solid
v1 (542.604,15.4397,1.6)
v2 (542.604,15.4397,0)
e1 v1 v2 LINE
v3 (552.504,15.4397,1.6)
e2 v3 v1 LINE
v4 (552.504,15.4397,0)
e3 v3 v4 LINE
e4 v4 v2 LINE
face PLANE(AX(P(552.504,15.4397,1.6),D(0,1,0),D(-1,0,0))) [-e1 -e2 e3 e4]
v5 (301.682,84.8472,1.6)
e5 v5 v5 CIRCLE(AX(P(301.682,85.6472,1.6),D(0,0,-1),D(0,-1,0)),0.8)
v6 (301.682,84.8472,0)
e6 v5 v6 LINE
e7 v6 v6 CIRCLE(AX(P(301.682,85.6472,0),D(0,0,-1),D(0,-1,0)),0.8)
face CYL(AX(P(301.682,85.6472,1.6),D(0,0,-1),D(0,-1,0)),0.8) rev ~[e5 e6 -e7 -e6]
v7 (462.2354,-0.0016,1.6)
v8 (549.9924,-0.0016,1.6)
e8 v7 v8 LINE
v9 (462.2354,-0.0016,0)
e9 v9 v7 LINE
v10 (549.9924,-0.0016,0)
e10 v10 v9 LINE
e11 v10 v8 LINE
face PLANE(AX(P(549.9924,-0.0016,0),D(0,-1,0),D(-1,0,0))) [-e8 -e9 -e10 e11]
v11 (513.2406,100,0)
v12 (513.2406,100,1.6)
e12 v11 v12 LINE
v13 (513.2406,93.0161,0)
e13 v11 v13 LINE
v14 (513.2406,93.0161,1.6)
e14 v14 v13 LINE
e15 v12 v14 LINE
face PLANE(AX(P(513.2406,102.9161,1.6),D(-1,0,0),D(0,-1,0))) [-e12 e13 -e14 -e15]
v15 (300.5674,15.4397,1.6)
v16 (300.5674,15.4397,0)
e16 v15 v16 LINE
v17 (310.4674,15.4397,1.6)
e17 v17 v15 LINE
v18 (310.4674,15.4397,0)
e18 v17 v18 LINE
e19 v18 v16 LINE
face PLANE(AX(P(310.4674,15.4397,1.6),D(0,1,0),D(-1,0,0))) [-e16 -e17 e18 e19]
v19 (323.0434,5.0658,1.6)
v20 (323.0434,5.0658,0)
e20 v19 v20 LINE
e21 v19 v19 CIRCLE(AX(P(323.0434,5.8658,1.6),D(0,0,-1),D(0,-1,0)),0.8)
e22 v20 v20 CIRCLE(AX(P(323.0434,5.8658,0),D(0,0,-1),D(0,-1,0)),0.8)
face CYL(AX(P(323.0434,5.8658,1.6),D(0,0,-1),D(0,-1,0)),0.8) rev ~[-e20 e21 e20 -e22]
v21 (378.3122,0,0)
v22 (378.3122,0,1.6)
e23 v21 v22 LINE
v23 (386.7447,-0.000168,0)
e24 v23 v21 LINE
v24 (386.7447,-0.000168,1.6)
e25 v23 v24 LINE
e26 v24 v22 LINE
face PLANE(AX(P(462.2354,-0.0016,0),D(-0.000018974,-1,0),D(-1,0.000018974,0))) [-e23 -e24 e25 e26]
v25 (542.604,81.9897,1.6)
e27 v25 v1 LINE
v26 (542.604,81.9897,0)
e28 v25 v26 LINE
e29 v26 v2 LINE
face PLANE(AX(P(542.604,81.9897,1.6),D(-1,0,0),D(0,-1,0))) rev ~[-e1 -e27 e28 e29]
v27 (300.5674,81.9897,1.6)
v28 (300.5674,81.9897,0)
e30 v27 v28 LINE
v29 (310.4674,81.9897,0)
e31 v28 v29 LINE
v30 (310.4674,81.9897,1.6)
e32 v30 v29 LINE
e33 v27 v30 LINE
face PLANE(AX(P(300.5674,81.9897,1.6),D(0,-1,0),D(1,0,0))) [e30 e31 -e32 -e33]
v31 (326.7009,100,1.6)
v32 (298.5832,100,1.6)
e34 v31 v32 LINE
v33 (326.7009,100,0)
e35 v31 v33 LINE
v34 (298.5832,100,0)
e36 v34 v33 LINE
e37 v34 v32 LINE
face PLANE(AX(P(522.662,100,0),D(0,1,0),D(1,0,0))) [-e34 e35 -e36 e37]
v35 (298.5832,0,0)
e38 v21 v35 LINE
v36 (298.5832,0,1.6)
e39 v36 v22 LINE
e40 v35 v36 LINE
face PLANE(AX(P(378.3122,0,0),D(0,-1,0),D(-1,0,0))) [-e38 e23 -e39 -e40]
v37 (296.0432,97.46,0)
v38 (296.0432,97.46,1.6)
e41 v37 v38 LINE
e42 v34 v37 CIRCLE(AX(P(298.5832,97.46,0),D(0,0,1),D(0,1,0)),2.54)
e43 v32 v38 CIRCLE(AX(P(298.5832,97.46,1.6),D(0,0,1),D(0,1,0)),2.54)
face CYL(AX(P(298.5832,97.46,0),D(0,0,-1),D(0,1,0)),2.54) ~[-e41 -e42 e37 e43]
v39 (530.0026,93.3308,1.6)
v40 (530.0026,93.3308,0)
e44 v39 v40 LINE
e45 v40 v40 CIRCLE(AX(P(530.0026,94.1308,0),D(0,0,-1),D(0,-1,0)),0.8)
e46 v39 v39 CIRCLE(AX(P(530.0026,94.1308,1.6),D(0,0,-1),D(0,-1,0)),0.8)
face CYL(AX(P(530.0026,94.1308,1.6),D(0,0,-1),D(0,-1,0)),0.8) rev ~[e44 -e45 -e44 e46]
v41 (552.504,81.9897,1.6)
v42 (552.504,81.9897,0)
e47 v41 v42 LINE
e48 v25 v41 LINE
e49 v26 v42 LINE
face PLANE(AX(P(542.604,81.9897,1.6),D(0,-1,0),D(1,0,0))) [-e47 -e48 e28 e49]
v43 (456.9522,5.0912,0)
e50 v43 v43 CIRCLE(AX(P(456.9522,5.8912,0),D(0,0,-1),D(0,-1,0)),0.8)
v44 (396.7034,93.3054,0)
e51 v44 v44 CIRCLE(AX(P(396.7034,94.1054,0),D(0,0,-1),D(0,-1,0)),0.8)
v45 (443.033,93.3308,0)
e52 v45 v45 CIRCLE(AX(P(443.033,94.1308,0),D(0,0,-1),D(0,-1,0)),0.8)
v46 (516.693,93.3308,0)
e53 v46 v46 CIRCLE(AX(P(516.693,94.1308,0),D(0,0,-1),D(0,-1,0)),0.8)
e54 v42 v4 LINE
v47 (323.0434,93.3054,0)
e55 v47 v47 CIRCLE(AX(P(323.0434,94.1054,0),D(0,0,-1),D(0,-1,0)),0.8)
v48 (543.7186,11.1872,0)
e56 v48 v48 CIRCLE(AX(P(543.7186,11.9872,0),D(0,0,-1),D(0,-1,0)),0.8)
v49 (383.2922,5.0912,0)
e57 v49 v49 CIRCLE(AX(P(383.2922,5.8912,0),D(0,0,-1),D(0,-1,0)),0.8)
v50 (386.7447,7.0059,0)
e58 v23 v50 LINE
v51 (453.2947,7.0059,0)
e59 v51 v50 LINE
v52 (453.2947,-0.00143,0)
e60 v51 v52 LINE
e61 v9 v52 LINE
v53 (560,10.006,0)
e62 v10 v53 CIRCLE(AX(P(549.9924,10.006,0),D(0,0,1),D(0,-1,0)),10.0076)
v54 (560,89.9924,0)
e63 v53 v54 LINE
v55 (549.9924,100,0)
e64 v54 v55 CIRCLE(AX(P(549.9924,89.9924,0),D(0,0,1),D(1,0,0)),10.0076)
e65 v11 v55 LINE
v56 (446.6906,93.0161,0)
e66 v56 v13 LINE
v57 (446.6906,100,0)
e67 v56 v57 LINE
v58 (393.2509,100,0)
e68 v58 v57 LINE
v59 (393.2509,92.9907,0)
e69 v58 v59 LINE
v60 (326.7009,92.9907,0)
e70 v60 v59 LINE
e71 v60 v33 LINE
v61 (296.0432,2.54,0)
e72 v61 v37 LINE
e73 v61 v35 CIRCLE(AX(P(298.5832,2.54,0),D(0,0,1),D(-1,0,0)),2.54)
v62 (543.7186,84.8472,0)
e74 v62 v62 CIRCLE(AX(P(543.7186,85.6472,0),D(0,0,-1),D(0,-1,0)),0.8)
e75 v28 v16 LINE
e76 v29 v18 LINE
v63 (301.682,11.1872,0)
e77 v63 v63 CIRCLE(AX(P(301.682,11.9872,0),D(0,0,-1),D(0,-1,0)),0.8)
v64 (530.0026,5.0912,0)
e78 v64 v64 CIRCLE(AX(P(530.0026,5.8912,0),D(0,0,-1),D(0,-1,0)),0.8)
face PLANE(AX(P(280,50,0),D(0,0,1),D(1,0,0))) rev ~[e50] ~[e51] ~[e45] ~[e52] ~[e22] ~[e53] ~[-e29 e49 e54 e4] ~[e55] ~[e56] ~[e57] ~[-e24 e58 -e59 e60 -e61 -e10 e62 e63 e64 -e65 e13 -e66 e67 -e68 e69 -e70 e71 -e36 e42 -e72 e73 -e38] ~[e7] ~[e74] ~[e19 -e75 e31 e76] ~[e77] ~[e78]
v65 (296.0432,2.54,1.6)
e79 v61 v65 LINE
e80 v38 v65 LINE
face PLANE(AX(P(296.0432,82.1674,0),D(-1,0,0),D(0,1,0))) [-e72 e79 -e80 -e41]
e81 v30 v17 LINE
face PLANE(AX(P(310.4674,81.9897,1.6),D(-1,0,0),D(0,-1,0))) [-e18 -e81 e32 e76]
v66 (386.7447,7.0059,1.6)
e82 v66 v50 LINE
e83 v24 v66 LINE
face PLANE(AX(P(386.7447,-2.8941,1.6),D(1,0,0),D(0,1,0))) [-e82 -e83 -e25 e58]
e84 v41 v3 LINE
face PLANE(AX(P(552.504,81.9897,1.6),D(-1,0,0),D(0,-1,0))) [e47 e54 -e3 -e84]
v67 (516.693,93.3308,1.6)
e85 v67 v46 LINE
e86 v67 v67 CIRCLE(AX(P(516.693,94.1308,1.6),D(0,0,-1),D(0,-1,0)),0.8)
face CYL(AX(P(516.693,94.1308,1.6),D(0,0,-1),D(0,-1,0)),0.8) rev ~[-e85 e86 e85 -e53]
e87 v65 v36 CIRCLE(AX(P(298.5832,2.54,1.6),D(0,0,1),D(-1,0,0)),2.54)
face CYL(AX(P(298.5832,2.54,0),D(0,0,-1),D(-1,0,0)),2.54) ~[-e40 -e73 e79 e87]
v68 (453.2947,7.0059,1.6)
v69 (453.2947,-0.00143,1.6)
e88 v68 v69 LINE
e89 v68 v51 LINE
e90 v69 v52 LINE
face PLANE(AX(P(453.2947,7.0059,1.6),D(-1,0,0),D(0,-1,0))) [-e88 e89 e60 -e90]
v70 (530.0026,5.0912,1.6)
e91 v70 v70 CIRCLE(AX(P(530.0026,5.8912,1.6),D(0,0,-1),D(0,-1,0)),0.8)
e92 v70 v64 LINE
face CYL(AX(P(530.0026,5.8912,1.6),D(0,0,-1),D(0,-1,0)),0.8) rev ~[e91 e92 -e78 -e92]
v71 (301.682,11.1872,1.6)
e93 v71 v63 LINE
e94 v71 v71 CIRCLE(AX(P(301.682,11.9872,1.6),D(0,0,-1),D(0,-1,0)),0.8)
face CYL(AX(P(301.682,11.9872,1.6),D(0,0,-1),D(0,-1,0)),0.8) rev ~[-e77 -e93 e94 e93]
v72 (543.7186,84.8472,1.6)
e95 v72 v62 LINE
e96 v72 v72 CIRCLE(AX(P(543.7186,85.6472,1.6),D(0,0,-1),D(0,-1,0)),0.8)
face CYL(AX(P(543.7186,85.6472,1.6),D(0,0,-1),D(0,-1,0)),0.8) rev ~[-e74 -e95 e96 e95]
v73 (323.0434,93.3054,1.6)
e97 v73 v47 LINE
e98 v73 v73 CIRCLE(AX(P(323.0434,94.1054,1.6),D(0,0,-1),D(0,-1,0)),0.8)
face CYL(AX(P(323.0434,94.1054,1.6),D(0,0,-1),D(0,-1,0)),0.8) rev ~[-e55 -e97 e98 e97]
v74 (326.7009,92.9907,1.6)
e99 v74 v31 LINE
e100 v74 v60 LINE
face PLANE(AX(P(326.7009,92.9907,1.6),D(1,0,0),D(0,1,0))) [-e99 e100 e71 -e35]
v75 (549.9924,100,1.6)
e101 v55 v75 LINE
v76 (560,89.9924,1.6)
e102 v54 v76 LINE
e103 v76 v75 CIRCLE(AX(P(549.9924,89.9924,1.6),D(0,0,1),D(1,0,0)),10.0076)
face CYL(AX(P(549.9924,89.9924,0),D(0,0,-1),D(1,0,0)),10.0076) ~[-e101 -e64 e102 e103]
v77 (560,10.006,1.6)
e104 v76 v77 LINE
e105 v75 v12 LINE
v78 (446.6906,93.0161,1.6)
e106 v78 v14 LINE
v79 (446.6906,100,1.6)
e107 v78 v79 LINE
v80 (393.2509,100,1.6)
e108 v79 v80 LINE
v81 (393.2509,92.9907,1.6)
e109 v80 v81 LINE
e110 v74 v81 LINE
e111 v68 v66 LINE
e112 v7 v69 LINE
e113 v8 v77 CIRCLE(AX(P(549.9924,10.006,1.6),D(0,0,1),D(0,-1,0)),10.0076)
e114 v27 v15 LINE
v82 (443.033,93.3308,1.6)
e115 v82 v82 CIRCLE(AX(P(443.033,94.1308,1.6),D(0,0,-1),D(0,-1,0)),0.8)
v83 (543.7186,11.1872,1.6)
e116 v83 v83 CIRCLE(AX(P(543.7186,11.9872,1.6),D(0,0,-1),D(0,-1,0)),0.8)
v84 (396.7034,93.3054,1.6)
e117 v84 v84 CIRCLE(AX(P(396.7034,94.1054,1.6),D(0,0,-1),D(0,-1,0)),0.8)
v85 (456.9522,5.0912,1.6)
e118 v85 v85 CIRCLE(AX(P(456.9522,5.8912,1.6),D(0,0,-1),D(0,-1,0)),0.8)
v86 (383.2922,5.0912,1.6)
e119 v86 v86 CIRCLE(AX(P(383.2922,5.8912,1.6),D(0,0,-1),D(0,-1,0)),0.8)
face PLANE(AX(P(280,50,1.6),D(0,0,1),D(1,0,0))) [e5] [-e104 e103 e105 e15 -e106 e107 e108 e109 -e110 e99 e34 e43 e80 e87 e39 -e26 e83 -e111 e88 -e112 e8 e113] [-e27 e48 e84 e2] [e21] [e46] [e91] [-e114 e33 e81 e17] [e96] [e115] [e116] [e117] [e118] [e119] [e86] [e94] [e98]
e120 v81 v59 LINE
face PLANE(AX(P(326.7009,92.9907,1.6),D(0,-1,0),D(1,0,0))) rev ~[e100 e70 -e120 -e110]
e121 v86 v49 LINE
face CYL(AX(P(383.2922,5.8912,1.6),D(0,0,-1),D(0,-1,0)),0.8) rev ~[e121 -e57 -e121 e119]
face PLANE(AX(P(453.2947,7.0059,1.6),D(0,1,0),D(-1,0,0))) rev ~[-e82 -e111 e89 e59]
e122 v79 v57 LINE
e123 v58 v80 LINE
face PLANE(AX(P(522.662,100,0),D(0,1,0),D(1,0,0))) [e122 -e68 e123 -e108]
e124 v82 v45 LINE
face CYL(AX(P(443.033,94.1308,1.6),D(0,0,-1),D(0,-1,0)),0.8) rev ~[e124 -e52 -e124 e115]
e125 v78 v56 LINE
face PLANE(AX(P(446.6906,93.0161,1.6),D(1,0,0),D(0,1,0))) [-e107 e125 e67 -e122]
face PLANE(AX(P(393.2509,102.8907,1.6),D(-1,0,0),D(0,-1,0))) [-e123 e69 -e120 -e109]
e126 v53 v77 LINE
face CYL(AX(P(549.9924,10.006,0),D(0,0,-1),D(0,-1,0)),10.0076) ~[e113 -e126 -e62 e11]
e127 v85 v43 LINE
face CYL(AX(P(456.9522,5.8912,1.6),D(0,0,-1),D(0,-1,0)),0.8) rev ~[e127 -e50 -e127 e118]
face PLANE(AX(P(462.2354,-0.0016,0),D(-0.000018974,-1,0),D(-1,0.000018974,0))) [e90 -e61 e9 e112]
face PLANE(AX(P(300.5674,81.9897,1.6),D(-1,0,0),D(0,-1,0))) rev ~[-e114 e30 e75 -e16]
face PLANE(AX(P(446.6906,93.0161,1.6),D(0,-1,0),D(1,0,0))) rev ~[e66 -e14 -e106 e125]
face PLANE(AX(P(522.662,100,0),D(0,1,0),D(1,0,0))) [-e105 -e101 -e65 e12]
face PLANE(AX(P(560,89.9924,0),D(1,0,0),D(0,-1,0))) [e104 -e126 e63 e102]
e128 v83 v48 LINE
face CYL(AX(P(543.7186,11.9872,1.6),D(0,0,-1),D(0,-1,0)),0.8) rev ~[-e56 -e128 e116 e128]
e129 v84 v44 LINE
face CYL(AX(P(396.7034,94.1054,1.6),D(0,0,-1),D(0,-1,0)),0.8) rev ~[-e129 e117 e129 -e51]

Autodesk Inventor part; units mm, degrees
ref_plane "YZ Plane" through (0, 0, 0) normal (1, 0, 0) x (0, 1, 0)
ref_plane "XZ Plane" through (0, 0, 0) normal (0, 1, 0) x (-1, 0, 0)
ref_plane "XY Plane" through (0, 0, 0) normal (0, 0, 1) x (1, 0, 0)
ref_plane "Work Plane1" through (280, 50, 0) normal (0, 0, 1) x (1, 0, 0)
sketch "Sketch3" plane through (280, 50, 0) normal (0, 0, 1) x (1, 0, 0)
  line L0 (280, 39.9924) -> (280, 21.7788) projected
  line L1 (280, 21.7788) -> (280, -15.0258) projected
  line L2 (280, -15.0258) -> (280, -34.9902) projected
  line L3 (280, -34.9902) -> (280, -39.994) projected
  arc A0 (269.9924, -50.0016) -> (280, -39.994) centre (269.9924, -39.994) ccw projected
  arc A1 (280, 39.9924) -> (269.9924, 50) centre (269.9924, 39.9924) ccw projected
  line L4 (242.662, 50) -> (269.9924, 50) projected
  line L5 (269.9924, -50.0016) -> (261.331, -50.0016) projected
  line L6 (261.331, -50.0016) -> (182.2354, -50.0016) projected
  line L7 (98.3122, -50) -> (22.952, -50) projected
  arc A2 (16.0432, -47.46) -> (18.5832, -50) centre (18.5832, -47.46) ccw projected
  line L8 (22.952, -50) -> (18.5832, -50) projected
  line L9 (16.0432, -47.46) -> (16.0432, 32.1674) projected
  line L10 (16.0432, 32.1674) -> (16.0432, 47.46) projected
  arc A3 (18.5832, 50) -> (16.0432, 47.46) centre (18.5832, 47.46) ccw projected
  line L11 (18.5832, 50) -> (37.762, 50) projected
  line L12 (121.9848, 50) -> (155.413, 50) projected
  line L13 (121.9848, 50) -> (37.762, 50)
  line L14 (155.413, 50) -> (242.662, 50)
  line L15 (182.2354, -50.0016) -> (97.9077, -50)
  point P0 (-280, -50)
extrude "Extrusion2" add sketch "Sketch3" along normal blind 1.6
sketch "Sketch5" plane through (280, 50, 1.6) normal (0, 0, 1) x (1, 0, 0)
  circle A0 centre (263.7186, 35.6472) radius 1.75 projected
  circle A1 centre (250.0026, 44.1308) radius 1.75 projected
  circle A2 centre (263.7186, -38.0128) radius 1.75 projected
  circle A3 centre (250.0026, -44.1088) radius 1.75 projected
  circle A4 centre (176.9522, -44.1088) radius 1.75 projected
  circle A5 centre (163.033, 44.1308) radius 1.75 projected
  circle A6 centre (116.7034, 44.1054) radius 1.75 projected
  circle A7 centre (103.2922, -44.1088) radius 1.75 projected
  circle A8 centre (43.0434, -44.1342) radius 1.75 projected
  circle A9 centre (43.0434, 44.1054) radius 1.75 projected
  circle A10 centre (21.682, 35.6472) radius 1.75 projected
  circle A11 centre (21.682, -38.0128) radius 1.75 projected
  circle A12 centre (236.693, 44.1308) radius 1.75 projected
  point P0 (-280, -50)
hole "Hole1" at (530.0026, 94.1308, 1.6) at (516.693, 94.1308, 1.6) at (543.7186, 85.6472, 1.6) at (543.7186, 11.9872, 1.6) at (530.0026, 5.8912, 1.6) at (443.033, 94.1308, 1.6) at (456.9522, 5.8912, 1.6) at (383.2922, 5.8912, 1.6) at (396.7034, 94.1054, 1.6) at (323.0434, 94.1054, 1.6) at (301.682, 85.6472, 1.6) at (323.0434, 5.8658, 1.6) at (301.682, 11.9872, 1.6) direction (0, 0, -1) diameter 1.6 depth 8 tip angle 118
sketch "Sketch6" plane through (280, 50, 1.6) normal (0, 0, 1) x (1, 0, 0)
  line L0 (262.604, 31.9897) -> (272.504, 31.9897) projected
  line L1 (262.604, 31.9897) -> (262.604, -34.5603) projected
  line L2 (272.504, -34.5603) -> (262.604, -34.5603) projected
  line L3 (173.2947, -42.9941) -> (173.2947, -52.8941) projected
  line L4 (173.2947, -42.9941) -> (106.7447, -42.9941) projected
  line L5 (106.7447, -52.8941) -> (106.7447, -42.9941) projected
  line L6 (30.4674, -34.5603) -> (20.5674, -34.5603) projected
  line L7 (30.4674, 31.9897) -> (30.4674, -34.5603) projected
  line L8 (20.5674, 31.9897) -> (30.4674, 31.9897) projected
  line L9 (46.7009, 42.9907) -> (46.7009, 52.8907) projected
  line L10 (46.7009, 42.9907) -> (113.2509, 42.9907) projected
  line L11 (113.2509, 52.8907) -> (113.2509, 42.9907) projected
  line L12 (166.6906, 43.0161) -> (166.6906, 52.9161) projected
  line L13 (166.6906, 43.0161) -> (233.2406, 43.0161) projected
  line L14 (233.2406, 52.9161) -> (233.2406, 43.0161) projected
  line L15 (166.6906, 52.9161) -> (233.2406, 52.9161) projected
  line L16 (46.7009, 52.8907) -> (113.2509, 52.8907) projected
  line L17 (20.5674, 31.9897) -> (20.5674, -34.5603) projected
  line L18 (173.2947, -52.8941) -> (106.7447, -52.8941) projected
  line L19 (272.504, 31.9897) -> (272.504, -34.5603) projected
  point P0 (-280, -50)
extrude "Extrusion3" cut sketch "Sketch6" against normal blind 1.6
properties part number "Spacing Layer 3" material "PC/ABS Plastic"
